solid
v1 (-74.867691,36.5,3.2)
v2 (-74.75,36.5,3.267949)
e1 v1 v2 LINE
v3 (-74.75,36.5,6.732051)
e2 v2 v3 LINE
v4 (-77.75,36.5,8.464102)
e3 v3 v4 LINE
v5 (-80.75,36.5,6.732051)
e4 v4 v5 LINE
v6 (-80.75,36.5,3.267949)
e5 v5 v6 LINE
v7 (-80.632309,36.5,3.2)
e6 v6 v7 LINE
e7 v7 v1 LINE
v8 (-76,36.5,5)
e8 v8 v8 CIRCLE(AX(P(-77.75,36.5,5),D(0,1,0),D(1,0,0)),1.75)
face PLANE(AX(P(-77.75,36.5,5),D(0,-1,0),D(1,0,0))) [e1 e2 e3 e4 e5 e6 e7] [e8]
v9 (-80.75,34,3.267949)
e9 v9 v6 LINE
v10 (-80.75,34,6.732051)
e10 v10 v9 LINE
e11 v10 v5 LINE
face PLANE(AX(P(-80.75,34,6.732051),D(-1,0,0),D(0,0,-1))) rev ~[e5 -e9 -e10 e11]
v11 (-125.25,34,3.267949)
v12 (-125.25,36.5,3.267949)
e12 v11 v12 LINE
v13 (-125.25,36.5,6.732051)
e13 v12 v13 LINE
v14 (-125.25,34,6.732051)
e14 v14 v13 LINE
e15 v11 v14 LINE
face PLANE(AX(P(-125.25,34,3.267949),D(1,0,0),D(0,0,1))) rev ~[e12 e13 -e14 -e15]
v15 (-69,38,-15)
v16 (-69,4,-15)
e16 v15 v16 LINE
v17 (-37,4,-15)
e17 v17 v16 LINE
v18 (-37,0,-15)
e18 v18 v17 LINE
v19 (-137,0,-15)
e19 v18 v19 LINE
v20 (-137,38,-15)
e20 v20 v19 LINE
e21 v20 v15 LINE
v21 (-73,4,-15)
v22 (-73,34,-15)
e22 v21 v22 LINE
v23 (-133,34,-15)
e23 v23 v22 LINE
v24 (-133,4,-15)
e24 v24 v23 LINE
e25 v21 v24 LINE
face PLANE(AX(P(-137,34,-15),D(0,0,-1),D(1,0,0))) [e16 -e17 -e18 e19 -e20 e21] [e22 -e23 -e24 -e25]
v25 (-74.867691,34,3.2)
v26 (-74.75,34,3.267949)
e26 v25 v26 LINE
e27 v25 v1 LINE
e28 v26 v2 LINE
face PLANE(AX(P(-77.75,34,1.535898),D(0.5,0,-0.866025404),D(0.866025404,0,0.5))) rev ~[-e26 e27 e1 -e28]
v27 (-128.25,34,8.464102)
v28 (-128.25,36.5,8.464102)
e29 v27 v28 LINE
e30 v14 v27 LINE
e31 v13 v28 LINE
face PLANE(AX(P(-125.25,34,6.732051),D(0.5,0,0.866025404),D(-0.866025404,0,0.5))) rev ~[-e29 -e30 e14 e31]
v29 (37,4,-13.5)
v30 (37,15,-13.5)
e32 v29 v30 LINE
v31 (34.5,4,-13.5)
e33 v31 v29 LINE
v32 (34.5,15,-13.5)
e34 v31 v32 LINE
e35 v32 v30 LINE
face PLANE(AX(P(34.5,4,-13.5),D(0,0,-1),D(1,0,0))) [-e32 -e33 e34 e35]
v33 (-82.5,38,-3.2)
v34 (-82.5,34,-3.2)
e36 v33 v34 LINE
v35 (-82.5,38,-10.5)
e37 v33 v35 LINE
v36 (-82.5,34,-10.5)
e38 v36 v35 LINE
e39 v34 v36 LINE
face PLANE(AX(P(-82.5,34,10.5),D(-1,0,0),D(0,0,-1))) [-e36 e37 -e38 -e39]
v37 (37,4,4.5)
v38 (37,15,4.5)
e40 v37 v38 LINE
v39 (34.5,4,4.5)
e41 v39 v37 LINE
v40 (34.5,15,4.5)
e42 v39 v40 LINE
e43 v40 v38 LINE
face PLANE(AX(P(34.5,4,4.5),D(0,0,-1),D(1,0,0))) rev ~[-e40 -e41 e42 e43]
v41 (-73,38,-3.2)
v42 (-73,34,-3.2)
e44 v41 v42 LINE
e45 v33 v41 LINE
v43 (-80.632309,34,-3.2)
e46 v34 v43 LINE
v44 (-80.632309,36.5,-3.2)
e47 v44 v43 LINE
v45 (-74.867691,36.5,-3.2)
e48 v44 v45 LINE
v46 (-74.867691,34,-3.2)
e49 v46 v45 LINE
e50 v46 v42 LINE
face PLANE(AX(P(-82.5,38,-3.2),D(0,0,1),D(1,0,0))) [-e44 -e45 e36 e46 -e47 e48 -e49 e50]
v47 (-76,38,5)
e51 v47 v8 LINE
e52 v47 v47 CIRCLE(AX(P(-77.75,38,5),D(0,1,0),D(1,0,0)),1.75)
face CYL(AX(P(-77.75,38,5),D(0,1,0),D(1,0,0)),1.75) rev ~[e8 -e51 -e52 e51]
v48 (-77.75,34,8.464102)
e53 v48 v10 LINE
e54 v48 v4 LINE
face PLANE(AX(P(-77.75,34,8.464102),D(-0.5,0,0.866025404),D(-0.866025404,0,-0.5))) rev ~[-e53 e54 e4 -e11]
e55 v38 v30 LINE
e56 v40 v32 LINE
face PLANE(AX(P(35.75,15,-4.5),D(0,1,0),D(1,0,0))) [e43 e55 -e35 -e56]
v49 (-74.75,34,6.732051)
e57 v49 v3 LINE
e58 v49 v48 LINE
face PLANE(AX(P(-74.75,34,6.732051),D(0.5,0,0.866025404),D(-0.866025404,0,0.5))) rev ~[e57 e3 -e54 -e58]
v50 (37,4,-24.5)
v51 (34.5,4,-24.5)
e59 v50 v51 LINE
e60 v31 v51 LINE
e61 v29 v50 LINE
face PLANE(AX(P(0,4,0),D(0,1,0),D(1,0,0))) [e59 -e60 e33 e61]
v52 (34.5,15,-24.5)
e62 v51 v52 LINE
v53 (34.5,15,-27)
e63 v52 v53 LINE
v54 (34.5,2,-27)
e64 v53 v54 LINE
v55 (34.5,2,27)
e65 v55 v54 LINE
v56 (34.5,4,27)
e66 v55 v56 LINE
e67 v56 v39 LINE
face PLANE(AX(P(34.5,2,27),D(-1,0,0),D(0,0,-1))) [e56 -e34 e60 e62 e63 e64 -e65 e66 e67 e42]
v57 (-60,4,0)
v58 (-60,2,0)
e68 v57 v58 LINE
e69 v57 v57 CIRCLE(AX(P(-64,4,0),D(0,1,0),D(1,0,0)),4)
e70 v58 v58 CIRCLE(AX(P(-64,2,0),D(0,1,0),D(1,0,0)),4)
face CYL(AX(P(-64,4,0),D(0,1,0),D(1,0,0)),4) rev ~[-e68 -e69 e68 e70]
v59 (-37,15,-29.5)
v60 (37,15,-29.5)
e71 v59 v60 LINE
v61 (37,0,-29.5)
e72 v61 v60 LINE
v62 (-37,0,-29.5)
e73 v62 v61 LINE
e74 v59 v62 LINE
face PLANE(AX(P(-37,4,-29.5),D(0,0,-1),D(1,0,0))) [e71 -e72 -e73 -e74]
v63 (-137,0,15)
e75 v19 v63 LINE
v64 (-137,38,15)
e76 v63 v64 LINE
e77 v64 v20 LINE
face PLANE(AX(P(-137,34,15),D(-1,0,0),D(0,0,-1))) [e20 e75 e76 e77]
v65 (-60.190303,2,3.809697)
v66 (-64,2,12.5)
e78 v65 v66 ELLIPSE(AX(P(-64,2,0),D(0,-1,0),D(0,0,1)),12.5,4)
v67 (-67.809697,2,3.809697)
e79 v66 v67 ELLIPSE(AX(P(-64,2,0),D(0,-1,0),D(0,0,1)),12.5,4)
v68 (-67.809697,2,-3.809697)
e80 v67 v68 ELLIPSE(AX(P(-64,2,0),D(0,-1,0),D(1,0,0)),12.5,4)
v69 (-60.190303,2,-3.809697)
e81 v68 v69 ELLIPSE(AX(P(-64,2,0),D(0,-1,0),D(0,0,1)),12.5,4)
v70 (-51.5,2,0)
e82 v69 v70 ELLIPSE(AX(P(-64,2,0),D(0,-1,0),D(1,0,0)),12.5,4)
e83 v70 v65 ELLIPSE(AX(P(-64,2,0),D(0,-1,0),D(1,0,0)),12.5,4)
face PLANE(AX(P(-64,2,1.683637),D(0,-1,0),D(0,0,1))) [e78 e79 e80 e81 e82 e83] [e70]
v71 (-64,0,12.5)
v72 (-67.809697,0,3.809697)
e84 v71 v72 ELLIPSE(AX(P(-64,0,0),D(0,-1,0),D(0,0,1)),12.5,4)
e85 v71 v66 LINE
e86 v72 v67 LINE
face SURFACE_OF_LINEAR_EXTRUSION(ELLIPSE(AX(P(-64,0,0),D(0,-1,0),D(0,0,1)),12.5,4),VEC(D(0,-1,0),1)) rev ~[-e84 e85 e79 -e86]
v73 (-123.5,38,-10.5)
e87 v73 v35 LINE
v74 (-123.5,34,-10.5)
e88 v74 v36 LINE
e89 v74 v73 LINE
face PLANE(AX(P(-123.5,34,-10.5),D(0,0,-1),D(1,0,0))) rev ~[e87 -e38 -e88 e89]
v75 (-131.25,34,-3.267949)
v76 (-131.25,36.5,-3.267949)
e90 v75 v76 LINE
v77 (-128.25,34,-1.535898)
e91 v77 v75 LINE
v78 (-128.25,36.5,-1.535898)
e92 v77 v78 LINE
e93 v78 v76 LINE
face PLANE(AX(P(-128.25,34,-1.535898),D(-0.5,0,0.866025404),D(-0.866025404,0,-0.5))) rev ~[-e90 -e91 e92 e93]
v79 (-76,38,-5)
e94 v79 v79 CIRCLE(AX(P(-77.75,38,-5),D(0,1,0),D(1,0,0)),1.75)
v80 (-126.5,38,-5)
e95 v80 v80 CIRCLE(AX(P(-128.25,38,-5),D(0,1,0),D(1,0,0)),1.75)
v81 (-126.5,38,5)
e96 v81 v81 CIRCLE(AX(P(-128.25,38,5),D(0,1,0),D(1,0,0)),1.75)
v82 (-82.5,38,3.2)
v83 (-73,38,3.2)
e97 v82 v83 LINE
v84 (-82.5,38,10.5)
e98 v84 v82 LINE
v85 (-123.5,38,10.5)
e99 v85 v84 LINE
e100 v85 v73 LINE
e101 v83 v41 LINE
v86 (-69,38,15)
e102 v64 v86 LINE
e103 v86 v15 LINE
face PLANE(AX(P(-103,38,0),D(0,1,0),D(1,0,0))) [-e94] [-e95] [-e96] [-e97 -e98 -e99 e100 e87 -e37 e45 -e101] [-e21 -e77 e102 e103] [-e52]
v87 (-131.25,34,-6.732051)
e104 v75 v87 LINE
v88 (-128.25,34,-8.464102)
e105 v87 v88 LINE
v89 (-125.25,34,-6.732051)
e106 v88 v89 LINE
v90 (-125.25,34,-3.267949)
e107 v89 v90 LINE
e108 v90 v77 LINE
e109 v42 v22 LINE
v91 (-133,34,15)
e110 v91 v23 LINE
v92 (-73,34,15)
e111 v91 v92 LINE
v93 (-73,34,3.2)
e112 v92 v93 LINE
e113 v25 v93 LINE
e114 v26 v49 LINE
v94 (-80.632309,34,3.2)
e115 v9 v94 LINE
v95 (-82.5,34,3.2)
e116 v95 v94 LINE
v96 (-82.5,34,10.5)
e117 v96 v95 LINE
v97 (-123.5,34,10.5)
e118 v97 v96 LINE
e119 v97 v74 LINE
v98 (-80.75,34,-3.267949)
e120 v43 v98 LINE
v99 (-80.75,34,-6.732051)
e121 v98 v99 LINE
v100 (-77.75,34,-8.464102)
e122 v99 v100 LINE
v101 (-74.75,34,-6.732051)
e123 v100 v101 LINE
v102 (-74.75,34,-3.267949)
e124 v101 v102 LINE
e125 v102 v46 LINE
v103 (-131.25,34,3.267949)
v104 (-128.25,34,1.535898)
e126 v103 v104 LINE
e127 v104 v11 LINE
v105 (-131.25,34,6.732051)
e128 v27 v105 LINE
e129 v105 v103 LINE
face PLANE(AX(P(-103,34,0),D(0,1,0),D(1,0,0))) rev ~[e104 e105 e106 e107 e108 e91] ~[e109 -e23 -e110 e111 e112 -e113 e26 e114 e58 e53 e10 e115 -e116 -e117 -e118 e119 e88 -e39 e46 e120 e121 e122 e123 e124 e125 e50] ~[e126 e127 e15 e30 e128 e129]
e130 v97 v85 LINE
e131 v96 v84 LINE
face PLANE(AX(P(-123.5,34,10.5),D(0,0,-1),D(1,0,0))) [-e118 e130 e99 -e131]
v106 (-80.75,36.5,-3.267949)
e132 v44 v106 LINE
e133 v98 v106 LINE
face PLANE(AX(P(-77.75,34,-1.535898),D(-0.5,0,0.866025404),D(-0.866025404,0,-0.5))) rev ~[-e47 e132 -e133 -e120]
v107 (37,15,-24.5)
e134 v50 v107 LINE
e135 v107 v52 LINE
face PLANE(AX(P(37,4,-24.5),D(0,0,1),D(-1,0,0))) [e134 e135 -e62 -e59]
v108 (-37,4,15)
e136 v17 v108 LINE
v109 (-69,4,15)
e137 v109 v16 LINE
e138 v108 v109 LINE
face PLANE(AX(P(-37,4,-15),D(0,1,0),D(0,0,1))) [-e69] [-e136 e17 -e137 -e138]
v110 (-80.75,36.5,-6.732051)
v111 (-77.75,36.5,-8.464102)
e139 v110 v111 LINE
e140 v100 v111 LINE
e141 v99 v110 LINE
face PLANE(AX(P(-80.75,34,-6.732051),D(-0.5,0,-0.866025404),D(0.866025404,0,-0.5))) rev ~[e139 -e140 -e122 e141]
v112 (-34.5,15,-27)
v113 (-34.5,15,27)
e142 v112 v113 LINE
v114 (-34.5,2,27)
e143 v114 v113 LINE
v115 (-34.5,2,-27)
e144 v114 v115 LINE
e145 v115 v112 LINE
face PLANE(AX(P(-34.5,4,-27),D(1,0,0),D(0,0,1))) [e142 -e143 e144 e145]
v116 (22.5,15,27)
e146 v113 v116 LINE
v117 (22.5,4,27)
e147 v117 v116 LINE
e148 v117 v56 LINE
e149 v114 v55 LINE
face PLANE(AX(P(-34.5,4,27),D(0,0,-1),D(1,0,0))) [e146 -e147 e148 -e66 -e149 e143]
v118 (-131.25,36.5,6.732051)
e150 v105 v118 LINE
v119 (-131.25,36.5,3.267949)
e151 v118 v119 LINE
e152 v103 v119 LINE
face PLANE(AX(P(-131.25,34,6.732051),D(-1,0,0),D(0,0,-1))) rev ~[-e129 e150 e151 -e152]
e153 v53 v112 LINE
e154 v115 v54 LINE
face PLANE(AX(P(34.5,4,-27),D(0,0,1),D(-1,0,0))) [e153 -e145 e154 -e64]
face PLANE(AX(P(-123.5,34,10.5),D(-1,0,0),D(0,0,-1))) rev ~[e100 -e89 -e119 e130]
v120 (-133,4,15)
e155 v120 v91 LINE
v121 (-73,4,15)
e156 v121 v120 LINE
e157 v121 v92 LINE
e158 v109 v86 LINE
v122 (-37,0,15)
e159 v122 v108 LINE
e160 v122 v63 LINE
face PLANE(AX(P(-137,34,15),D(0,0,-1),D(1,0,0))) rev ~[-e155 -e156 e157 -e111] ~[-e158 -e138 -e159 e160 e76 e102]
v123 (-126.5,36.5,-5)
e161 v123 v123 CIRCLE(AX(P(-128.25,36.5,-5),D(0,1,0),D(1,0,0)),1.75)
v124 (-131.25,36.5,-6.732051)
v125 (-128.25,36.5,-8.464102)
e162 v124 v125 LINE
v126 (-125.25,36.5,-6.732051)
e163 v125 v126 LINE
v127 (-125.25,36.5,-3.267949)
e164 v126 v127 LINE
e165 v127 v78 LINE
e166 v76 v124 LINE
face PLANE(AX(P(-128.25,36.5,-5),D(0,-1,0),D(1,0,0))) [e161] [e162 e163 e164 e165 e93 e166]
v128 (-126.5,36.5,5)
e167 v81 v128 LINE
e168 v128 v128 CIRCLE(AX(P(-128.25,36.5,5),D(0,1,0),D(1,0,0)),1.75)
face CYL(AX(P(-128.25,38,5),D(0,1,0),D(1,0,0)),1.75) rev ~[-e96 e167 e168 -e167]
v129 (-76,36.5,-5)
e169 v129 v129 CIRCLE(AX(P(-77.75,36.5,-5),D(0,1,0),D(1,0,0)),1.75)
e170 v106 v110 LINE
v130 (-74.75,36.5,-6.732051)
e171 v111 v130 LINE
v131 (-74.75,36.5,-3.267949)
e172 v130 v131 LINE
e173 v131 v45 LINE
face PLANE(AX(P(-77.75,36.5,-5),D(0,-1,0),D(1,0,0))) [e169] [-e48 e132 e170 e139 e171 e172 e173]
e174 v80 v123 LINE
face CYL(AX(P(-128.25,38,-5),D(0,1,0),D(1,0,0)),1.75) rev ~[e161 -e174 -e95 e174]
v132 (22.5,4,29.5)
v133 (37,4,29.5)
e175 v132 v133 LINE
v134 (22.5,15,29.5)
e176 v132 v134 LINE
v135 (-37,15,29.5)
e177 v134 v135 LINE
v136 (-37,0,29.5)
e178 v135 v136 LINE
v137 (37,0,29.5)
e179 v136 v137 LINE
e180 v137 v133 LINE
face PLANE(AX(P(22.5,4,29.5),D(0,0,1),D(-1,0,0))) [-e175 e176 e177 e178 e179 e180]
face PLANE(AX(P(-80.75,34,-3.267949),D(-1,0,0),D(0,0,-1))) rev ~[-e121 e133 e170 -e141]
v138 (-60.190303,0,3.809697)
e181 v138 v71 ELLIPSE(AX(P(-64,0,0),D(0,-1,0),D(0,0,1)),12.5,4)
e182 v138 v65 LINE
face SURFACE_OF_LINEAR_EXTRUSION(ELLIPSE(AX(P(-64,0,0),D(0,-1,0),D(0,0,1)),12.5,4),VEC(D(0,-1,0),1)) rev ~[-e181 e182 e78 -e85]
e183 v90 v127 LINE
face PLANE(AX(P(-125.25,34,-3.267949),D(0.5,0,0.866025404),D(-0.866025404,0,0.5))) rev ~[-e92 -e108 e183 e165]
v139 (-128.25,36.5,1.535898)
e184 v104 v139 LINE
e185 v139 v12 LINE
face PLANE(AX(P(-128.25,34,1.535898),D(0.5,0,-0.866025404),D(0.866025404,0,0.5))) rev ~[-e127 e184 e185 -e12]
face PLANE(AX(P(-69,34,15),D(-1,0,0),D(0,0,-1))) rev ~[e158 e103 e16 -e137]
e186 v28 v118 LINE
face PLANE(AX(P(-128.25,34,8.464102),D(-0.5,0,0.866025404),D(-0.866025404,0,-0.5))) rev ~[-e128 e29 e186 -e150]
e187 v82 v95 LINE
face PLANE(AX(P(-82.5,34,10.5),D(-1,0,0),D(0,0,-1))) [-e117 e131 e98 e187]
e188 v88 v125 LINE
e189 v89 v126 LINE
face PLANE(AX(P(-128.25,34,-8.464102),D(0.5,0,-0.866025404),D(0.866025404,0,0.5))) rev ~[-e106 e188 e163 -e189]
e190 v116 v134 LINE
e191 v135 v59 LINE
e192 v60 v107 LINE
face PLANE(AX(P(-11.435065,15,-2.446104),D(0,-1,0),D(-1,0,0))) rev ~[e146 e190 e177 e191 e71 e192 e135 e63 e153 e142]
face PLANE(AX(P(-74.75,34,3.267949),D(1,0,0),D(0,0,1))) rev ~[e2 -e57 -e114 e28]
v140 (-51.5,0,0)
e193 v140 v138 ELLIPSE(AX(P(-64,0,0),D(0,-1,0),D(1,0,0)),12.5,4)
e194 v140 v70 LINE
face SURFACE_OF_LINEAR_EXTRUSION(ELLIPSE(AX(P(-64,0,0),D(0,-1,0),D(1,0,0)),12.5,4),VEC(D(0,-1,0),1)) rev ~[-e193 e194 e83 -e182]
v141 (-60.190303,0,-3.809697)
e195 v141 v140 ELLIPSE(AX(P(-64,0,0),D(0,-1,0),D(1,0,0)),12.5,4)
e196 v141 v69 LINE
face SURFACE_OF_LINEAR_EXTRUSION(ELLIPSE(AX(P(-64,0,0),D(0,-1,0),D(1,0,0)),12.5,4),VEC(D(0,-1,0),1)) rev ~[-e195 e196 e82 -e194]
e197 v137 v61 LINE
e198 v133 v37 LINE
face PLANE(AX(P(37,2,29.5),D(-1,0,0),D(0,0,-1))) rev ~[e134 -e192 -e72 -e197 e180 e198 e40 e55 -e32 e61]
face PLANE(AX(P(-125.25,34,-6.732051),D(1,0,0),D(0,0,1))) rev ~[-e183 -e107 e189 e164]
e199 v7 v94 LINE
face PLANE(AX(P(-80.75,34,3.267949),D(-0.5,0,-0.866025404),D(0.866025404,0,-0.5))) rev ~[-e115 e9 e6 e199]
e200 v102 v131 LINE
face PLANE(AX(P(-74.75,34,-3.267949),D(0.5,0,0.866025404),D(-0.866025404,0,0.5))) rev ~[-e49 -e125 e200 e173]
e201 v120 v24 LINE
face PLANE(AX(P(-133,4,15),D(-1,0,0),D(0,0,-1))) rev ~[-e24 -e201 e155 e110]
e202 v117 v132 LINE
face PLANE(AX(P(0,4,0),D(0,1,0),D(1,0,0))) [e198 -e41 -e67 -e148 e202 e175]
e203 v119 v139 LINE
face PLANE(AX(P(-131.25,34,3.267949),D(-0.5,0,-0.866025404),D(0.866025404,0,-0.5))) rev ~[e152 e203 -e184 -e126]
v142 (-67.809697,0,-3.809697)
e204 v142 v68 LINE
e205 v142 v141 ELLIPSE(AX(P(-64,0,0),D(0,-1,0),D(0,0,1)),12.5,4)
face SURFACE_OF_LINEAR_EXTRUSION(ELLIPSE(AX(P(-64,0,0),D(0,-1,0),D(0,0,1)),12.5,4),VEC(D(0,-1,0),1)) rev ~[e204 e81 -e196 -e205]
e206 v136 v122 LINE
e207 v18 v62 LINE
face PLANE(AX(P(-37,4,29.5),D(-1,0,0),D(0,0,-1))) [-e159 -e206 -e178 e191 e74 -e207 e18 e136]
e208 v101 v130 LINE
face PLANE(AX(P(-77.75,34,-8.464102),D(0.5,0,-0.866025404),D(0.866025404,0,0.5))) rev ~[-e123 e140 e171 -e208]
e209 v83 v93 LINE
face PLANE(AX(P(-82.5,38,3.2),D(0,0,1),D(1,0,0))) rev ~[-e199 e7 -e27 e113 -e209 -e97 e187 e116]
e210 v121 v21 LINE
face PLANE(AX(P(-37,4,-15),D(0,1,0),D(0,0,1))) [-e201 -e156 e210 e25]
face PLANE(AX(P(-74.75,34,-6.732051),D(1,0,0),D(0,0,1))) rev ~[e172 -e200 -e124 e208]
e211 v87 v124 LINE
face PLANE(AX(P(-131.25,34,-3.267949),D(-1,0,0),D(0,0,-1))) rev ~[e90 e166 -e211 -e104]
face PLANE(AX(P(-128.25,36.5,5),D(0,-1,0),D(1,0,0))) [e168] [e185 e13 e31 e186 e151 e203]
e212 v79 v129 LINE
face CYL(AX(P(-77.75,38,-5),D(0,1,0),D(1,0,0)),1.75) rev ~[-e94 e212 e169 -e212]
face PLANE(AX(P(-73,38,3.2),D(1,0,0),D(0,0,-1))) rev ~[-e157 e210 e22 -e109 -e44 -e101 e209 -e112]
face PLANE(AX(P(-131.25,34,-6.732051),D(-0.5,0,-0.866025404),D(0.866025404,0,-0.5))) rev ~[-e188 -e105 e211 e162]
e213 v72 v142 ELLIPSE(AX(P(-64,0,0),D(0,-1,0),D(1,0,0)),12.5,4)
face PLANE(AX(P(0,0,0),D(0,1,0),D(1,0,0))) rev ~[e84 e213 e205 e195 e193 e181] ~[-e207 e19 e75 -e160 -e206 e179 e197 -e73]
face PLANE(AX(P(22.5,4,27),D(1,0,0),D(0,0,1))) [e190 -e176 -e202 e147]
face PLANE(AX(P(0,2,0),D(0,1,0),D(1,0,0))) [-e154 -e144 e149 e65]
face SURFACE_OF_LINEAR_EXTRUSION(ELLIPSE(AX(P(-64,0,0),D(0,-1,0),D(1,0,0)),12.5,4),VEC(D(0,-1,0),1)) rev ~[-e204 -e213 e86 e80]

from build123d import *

# Parameters (mm, degrees)
SKETCH1_W           = 74
SKETCH1_H           = 59
BOSS_EXTRUDE1_DEPTH = 2
SKETCH2_W           = 74
SKETCH2_H           = 59
SKETCH2_W_2         = 69
SKETCH2_H_2         = 54
BOSS_EXTRUDE2_DEPTH = 2
SKETCH3_W           = 2.5
SKETCH3_H           = 18
BOSS_EXTRUDE3_DEPTH = 11
SKETCH4_W           = 30
SKETCH4_H           = 4
BOSS_EXTRUDE4_DEPTH = 100
SKETCH5_W           = 4
SKETCH5_H           = 30
BOSS_EXTRUDE5_DEPTH = 30
SKETCH6_W           = 68
SKETCH6_H           = 30
SKETCH6_W_2         = 41
SKETCH6_H_2         = 21
BOSS_EXTRUDE6_DEPTH = 4
SKETCH7_R           = 1.75
SKETCH7_W           = 9.5
SKETCH7_H           = 6.4
CUT_EXTRUDE1_DEPTH  = 5
CUT_EXTRUDE2_DEPTH  = 2.5
SKETCH9_R           = 4
CUT_EXTRUDE3_DEPTH  = 10
SKETCH10_RX         = 12.5
SKETCH10_RY         = 4
CUT_EXTRUDE4_DEPTH  = 2


with BuildPart() as part:
    # Sketch1 → Boss-Extrude1 (new body)
    with BuildSketch(Plane(origin=(0, 0, 0), x_dir=(1, 0, 0), z_dir=(0, 1, 0))):
        Rectangle(SKETCH1_W, SKETCH1_H)
    extrude(amount=BOSS_EXTRUDE1_DEPTH)

    # Sketch2 → Boss-Extrude2 (add)
    with BuildSketch(Plane(origin=(0, 2, 0), x_dir=(1, 0, 0), z_dir=(0, 1, 0))):
        Rectangle(SKETCH2_W, SKETCH2_H)
        Rectangle(SKETCH2_W_2, SKETCH2_H_2, mode=Mode.SUBTRACT)
    extrude(amount=BOSS_EXTRUDE2_DEPTH)

    # Sketch3 → Boss-Extrude3 (add)
    with BuildSketch(Plane(origin=(0, 4, 0), x_dir=(1, 0, 0), z_dir=(0, 1, 0))):
        Polygon((22.5, -27), (22.5, -29.5), (-37, -29.5), (-37, 29.5), (37, 29.5), (37, 24.5), (34.5, 24.5), (34.5, 27), (-34.5, 27), (-34.5, -27), align=None)
        with Locations((35.75, 4.5)):
            Rectangle(SKETCH3_W, SKETCH3_H)
    extrude(amount=BOSS_EXTRUDE3_DEPTH)

    # Sketch4 → Boss-Extrude4 (add)
    with BuildSketch(Plane.ZY.offset(37)):
        with Locations((0, 2)):
            Rectangle(SKETCH4_W, SKETCH4_H)
    extrude(amount=BOSS_EXTRUDE4_DEPTH)

    # Sketch5 → Boss-Extrude5 (add)
    with BuildSketch(Plane(origin=(0, 4, 0), x_dir=(1, 0, 0), z_dir=(0, 1, 0))):
        with Locations((-71, 0)):
            Rectangle(SKETCH5_W, SKETCH5_H)
        with Locations((-135, 0)):
            Rectangle(SKETCH5_W, SKETCH5_H)
    extrude(amount=BOSS_EXTRUDE5_DEPTH)

    # Sketch6 → Boss-Extrude6 (add)
    with BuildSketch(Plane(origin=(0, 34, 0), x_dir=(1, 0, 0), z_dir=(0, 1, 0))):
        with Locations((-103, 0)):
            Rectangle(SKETCH6_W, SKETCH6_H)
        with Locations((-103, 0)):
            Rectangle(SKETCH6_W_2, SKETCH6_H_2, mode=Mode.SUBTRACT)
    extrude(amount=BOSS_EXTRUDE6_DEPTH)

    # Sketch7 → Cut-Extrude1 (cut)
    with BuildSketch(Plane(origin=(0, 38, 0), x_dir=(1, 0, 0), z_dir=(0, 1, 0))):
        with Locations((-128.25, 5)):
            Circle(SKETCH7_R)
        with Locations((-77.75, 5)):
            Circle(SKETCH7_R)
        with Locations((-77.75, -5)):
            Circle(SKETCH7_R)
        with Locations((-128.25, -5)):
            Circle(SKETCH7_R)
        with Locations((-77.75, 0)):
            Rectangle(SKETCH7_W, SKETCH7_H)
    extrude(amount=-CUT_EXTRUDE1_DEPTH, mode=Mode.SUBTRACT)

    # Sketch8 → Cut-Extrude2 (cut)
    with BuildSketch(Plane.XZ.offset(-34)):
        Polygon((-131.25, 6.732050808), (-131.25, 3.267949192), (-128.25, 1.535898385), (-125.25, 3.267949192), (-125.25, 6.732050808), (-128.25, 8.464101615), align=None)
        Polygon((-128.25, -1.535898385), (-131.25, -3.267949192), (-131.25, -6.732050808), (-128.25, -8.464101615), (-125.25, -6.732050808), (-125.25, -3.267949192), align=None)
        Polygon((-74.75, 3.267949192), (-74.75, 6.732050808), (-77.75, 8.464101615), (-80.75, 6.732050808), (-80.75, 3.267949192), (-77.75, 1.535898385), align=None)
        Polygon((-74.75, -6.732050808), (-74.75, -3.267949192), (-77.75, -1.535898385), (-80.75, -3.267949192), (-80.75, -6.732050808), (-77.75, -8.464101615), align=None)
    extrude(amount=-CUT_EXTRUDE2_DEPTH, mode=Mode.SUBTRACT)

    # Sketch9 → Cut-Extrude3 (cut)
    with BuildSketch(Plane(origin=(0, 4, 0), x_dir=(1, 0, 0), z_dir=(0, 1, 0))):
        with Locations((-64, 0)):
            Circle(SKETCH9_R)
    extrude(amount=-CUT_EXTRUDE3_DEPTH, mode=Mode.SUBTRACT)

    # Sketch10 → Cut-Extrude4 (cut)
    with BuildSketch(Plane.XZ):
        with Locations(Location((-64, 0), (0, 0, 90))):
            Ellipse(SKETCH10_RX, SKETCH10_RY)
        with Locations((-64, 0)):
            Ellipse(SKETCH10_RX, SKETCH10_RY)
    extrude(amount=-CUT_EXTRUDE4_DEPTH, mode=Mode.SUBTRACT)


solid = part.part
